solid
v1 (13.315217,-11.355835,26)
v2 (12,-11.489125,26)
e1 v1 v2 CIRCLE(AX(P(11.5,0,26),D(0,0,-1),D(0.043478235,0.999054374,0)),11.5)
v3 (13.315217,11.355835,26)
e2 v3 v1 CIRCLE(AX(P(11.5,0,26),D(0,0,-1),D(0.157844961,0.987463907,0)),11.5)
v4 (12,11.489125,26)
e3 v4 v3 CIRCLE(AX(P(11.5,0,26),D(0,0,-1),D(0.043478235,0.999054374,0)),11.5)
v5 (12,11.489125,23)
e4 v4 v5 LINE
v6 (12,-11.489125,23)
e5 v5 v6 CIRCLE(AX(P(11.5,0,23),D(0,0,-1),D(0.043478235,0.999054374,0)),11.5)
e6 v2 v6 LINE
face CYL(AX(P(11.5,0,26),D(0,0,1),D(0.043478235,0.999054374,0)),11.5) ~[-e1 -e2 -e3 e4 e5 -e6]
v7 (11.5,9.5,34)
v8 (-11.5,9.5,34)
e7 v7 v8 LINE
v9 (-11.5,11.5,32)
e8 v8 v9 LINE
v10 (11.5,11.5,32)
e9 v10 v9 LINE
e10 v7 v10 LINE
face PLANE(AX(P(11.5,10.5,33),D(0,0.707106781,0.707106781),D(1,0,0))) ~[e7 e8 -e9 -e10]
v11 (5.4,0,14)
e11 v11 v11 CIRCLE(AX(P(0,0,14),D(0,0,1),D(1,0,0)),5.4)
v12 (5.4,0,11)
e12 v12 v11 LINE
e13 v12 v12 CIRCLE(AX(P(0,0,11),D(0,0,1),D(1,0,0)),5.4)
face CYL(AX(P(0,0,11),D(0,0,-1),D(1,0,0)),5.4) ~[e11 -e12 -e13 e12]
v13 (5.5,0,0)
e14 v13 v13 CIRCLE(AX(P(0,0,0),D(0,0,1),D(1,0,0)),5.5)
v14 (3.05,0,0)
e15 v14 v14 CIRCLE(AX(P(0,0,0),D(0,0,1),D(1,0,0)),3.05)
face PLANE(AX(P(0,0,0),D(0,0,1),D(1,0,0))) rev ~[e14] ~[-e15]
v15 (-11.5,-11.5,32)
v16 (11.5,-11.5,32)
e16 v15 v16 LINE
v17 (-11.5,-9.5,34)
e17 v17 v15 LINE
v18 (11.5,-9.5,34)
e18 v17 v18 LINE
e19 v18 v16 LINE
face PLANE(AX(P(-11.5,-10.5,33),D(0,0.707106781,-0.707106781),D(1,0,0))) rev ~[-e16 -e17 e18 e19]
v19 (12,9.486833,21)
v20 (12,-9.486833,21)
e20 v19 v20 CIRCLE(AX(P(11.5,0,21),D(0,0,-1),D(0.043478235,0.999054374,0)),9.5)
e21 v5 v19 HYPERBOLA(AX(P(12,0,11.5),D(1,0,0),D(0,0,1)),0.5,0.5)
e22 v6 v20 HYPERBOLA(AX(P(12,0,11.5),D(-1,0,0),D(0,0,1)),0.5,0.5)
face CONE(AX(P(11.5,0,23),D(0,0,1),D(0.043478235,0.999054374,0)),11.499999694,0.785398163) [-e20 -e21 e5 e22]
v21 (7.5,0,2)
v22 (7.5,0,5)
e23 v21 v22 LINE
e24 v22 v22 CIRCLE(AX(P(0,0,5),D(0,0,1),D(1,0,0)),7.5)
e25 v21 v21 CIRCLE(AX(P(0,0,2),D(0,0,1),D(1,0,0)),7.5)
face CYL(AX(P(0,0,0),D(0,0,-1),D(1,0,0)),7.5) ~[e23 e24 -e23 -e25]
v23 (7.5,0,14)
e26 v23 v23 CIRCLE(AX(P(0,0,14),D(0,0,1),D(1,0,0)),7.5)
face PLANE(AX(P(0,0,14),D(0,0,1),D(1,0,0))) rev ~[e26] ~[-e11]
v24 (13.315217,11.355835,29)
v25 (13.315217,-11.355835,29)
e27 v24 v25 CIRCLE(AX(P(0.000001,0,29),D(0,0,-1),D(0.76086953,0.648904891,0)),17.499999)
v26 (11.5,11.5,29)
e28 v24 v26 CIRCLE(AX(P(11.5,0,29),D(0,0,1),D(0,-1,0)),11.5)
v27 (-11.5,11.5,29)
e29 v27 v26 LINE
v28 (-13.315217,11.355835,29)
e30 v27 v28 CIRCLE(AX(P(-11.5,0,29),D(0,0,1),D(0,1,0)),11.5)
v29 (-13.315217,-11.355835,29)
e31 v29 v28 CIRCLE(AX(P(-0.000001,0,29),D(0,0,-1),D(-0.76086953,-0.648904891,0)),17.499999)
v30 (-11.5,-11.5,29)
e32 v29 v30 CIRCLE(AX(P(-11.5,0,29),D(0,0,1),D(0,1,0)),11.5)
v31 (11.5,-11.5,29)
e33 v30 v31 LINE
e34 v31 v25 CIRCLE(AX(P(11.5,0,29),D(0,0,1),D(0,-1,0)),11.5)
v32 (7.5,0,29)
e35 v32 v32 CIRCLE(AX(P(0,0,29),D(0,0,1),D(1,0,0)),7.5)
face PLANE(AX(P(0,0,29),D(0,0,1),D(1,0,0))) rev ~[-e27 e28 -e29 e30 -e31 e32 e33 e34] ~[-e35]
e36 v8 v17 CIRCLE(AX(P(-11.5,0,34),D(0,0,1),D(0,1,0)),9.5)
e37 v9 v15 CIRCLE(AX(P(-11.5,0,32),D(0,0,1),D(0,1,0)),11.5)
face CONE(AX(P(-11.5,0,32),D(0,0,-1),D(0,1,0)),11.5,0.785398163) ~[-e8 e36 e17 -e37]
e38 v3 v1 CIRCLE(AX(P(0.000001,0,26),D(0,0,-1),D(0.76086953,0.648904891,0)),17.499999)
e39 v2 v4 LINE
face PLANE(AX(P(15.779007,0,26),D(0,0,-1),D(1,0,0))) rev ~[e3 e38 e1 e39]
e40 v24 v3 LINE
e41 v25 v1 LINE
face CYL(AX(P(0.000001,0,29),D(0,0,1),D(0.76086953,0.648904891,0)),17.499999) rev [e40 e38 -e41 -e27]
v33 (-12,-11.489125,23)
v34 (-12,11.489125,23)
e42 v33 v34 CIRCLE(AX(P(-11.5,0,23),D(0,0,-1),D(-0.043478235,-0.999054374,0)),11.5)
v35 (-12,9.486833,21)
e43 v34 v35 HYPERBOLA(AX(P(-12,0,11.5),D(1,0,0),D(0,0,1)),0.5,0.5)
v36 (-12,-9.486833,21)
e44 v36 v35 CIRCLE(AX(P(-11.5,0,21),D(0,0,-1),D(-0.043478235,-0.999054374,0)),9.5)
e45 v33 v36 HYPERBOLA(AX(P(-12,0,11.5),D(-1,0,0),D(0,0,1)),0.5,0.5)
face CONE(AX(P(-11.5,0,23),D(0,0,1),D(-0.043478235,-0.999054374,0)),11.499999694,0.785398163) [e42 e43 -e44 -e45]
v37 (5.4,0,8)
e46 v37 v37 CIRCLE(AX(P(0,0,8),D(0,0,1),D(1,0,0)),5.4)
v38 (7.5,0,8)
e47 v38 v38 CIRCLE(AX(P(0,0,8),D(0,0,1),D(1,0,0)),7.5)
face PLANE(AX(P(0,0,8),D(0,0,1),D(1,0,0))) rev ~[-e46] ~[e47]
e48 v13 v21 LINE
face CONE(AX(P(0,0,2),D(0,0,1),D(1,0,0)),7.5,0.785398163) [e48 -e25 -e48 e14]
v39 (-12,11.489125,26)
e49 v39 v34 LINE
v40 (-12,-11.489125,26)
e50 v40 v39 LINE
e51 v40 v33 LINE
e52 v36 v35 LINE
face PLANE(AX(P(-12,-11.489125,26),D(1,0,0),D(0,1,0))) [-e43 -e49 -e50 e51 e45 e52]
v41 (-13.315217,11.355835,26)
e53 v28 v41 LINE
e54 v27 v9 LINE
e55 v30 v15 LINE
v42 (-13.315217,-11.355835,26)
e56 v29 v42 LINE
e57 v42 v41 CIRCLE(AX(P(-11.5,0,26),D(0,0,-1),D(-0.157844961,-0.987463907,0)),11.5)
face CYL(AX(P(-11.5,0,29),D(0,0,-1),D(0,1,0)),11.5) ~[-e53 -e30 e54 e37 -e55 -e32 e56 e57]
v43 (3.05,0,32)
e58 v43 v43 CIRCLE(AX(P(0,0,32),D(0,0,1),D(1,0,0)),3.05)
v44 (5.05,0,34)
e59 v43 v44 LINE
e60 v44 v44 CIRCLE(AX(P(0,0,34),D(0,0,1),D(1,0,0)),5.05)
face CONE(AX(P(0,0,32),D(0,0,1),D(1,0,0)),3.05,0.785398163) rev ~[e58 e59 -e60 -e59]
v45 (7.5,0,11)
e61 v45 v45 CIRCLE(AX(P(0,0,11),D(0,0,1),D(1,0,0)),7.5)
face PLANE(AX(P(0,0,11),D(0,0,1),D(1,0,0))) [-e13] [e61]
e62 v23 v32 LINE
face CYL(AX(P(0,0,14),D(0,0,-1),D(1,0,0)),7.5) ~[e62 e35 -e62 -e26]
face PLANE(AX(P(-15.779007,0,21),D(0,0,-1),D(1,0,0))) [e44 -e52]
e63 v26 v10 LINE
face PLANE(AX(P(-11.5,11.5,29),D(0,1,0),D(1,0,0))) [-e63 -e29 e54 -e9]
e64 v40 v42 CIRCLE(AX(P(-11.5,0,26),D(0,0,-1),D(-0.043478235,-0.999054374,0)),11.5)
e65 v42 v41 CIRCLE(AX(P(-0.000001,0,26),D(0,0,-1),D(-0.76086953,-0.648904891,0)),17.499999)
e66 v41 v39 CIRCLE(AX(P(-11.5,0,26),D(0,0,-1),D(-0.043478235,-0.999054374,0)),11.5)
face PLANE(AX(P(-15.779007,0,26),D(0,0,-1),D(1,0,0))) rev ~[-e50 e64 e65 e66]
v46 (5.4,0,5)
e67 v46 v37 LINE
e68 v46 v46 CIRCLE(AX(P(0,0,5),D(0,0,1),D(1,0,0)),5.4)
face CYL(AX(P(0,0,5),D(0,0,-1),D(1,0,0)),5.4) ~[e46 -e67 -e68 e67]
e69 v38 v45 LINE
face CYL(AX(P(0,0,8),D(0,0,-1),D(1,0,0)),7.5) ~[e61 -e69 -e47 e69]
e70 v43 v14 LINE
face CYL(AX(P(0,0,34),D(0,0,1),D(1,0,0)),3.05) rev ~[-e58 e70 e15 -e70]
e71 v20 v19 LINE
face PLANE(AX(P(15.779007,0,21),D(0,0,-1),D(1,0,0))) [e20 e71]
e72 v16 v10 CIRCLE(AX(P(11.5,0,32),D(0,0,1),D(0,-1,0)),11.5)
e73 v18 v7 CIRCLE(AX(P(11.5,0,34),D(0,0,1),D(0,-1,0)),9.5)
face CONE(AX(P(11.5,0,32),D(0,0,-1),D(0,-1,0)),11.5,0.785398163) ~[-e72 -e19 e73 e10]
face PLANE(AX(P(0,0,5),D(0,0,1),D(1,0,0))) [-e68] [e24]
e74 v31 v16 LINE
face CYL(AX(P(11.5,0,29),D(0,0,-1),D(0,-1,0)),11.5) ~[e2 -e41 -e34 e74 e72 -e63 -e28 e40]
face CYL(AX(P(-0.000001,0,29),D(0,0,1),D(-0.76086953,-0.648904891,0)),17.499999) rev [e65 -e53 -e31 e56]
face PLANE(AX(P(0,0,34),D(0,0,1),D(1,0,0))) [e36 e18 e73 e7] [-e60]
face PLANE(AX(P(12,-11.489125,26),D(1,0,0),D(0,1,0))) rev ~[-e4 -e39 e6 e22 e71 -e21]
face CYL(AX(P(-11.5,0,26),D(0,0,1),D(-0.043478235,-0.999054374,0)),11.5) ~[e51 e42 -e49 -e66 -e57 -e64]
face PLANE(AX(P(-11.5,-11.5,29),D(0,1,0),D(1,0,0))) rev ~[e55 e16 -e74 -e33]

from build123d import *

# Parameters (mm, degrees)
SKETCH_R        = 7.5
PAD_DEPTH       = 5
SKETCH001_R     = 5.4
PAD001_DEPTH    = 3
SKETCH002_R     = 7.5
PAD002_DEPTH    = 3
SKETCH003_R     = 5.4
PAD003_DEPTH    = 3
SKETCH004_R     = 7.5
PAD004_DEPTH    = 15
PAD005_DEPTH    = 5
PAD006_DEPTH    = 3
PAD007_DEPTH    = 5
SKETCH008_R     = 3.05
POCKET_DEPTH    = 34.001
CHAMFER_SIZE    = 2
CHAMFER001_SIZE = 2
CHAMFER002_SIZE = 2
CHAMFER003_SIZE = 2


with BuildPart() as part:
    # Sketch → Pad (new body)
    with BuildSketch(Plane.XY):
        Circle(SKETCH_R)
    extrude(amount=PAD_DEPTH)

    # Sketch001 (on Face3 of Pad) → Pad001 (join)
    with BuildSketch(Plane.XY.offset(5)):
        Circle(SKETCH001_R)
    extrude(amount=PAD001_DEPTH)

    # Sketch002 (on Face5 of Pad001) → Pad002 (join)
    with BuildSketch(Plane.XY.offset(8)):
        Circle(SKETCH002_R)
    extrude(amount=PAD002_DEPTH)

    # Sketch003 (on Face3 of Pad002) → Pad003 (join)
    with BuildSketch(Plane.XY.offset(11)):
        Circle(SKETCH003_R)
    extrude(amount=PAD003_DEPTH)

    # Sketch004 (on Face7 of Pad003) → Pad004 (join)
    with BuildSketch(Plane.XY.offset(14)):
        Circle(SKETCH004_R)
    extrude(amount=PAD004_DEPTH)

    # Sketch005 (on Face3 of Pad004) → Pad005 (join)
    with BuildSketch(Plane.XY.offset(29)):
        with BuildLine():
            ThreePointArc((-11.5, 11.5), (-23, 0), (-11.5, -11.5))
            Line((-11.5, -11.5), (11.5, -11.5))
            ThreePointArc((11.5, -11.5), (23, 0), (11.5, 11.5))
            Line((-11.5, 11.5), (11.5, 11.5))
        make_face()
    extrude(amount=PAD005_DEPTH)

    # Sketch006 (on Face4 of Pad005) → Pad006 (join)
    with BuildSketch(Plane(origin=(0, 0, 29), x_dir=(1, 0, 0), z_dir=(0, 0, -1))):
        with BuildLine():
            ThreePointArc((13.315217, -11.355835), (23, 0), (13.315217, 11.355835))
            ThreePointArc((13.315217, -11.355835), (17.5, 0), (13.315217, 11.355835))
        make_face()
        with BuildLine():
            ThreePointArc((-13.315217, 11.355835), (-23, 0), (-13.315217, -11.355835))
            ThreePointArc((-13.315217, 11.355835), (-17.5, 0), (-13.315217, -11.355835))
        make_face()
    extrude(amount=PAD006_DEPTH)

    # Sketch007 (on Face13 of Pad006) → Pad007 (join)
    with BuildSketch(Plane(origin=(0, 0, 26), x_dir=(1, 0, 0), z_dir=(0, 0, -1))):
        with BuildLine():
            ThreePointArc((-12, 11.489125), (-23, 0), (-12, -11.489125))
            Line((-12, 11.489125), (-12, -11.489125))
        make_face()
        with BuildLine():
            Line((12, 11.489125), (12, -11.489125))
            ThreePointArc((12, -11.489125), (23, 0), (12, 11.489125))
        make_face()
    extrude(amount=PAD007_DEPTH)

    # Sketch008 → Pocket (cut, through all)
    with BuildSketch(Plane.XY.offset(34)):
        Circle(SKETCH008_R)
    extrude(amount=-POCKET_DEPTH, mode=Mode.SUBTRACT)

    # Chamfer
    chamfer_edges = [part.edges().sort_by_distance(p)[0] for p in [
        (23, 0, 21),
    ]]
    chamfer(chamfer_edges, length=CHAMFER_SIZE)

    # Chamfer001
    chamfer001_edges = [part.edges().sort_by_distance(p)[0] for p in [
        (-23, 0, 21),
    ]]
    chamfer(chamfer001_edges, length=CHAMFER001_SIZE)

    # Chamfer002
    chamfer002_edges = [part.edges().sort_by_distance(p)[0] for p in [
        (-7.5, 0, 0),
    ]]
    chamfer(chamfer002_edges, length=CHAMFER002_SIZE)

    # Chamfer003
    chamfer003_edges = [part.edges().sort_by_distance(p)[0] for p in [
        (-23, 0, 34),
        (0, 11.5, 34),
        (0, -11.5, 34),
        (23, 0, 34),
        (-3.05, 0, 34),
    ]]
    chamfer(chamfer003_edges, length=CHAMFER003_SIZE)


solid = part.part
